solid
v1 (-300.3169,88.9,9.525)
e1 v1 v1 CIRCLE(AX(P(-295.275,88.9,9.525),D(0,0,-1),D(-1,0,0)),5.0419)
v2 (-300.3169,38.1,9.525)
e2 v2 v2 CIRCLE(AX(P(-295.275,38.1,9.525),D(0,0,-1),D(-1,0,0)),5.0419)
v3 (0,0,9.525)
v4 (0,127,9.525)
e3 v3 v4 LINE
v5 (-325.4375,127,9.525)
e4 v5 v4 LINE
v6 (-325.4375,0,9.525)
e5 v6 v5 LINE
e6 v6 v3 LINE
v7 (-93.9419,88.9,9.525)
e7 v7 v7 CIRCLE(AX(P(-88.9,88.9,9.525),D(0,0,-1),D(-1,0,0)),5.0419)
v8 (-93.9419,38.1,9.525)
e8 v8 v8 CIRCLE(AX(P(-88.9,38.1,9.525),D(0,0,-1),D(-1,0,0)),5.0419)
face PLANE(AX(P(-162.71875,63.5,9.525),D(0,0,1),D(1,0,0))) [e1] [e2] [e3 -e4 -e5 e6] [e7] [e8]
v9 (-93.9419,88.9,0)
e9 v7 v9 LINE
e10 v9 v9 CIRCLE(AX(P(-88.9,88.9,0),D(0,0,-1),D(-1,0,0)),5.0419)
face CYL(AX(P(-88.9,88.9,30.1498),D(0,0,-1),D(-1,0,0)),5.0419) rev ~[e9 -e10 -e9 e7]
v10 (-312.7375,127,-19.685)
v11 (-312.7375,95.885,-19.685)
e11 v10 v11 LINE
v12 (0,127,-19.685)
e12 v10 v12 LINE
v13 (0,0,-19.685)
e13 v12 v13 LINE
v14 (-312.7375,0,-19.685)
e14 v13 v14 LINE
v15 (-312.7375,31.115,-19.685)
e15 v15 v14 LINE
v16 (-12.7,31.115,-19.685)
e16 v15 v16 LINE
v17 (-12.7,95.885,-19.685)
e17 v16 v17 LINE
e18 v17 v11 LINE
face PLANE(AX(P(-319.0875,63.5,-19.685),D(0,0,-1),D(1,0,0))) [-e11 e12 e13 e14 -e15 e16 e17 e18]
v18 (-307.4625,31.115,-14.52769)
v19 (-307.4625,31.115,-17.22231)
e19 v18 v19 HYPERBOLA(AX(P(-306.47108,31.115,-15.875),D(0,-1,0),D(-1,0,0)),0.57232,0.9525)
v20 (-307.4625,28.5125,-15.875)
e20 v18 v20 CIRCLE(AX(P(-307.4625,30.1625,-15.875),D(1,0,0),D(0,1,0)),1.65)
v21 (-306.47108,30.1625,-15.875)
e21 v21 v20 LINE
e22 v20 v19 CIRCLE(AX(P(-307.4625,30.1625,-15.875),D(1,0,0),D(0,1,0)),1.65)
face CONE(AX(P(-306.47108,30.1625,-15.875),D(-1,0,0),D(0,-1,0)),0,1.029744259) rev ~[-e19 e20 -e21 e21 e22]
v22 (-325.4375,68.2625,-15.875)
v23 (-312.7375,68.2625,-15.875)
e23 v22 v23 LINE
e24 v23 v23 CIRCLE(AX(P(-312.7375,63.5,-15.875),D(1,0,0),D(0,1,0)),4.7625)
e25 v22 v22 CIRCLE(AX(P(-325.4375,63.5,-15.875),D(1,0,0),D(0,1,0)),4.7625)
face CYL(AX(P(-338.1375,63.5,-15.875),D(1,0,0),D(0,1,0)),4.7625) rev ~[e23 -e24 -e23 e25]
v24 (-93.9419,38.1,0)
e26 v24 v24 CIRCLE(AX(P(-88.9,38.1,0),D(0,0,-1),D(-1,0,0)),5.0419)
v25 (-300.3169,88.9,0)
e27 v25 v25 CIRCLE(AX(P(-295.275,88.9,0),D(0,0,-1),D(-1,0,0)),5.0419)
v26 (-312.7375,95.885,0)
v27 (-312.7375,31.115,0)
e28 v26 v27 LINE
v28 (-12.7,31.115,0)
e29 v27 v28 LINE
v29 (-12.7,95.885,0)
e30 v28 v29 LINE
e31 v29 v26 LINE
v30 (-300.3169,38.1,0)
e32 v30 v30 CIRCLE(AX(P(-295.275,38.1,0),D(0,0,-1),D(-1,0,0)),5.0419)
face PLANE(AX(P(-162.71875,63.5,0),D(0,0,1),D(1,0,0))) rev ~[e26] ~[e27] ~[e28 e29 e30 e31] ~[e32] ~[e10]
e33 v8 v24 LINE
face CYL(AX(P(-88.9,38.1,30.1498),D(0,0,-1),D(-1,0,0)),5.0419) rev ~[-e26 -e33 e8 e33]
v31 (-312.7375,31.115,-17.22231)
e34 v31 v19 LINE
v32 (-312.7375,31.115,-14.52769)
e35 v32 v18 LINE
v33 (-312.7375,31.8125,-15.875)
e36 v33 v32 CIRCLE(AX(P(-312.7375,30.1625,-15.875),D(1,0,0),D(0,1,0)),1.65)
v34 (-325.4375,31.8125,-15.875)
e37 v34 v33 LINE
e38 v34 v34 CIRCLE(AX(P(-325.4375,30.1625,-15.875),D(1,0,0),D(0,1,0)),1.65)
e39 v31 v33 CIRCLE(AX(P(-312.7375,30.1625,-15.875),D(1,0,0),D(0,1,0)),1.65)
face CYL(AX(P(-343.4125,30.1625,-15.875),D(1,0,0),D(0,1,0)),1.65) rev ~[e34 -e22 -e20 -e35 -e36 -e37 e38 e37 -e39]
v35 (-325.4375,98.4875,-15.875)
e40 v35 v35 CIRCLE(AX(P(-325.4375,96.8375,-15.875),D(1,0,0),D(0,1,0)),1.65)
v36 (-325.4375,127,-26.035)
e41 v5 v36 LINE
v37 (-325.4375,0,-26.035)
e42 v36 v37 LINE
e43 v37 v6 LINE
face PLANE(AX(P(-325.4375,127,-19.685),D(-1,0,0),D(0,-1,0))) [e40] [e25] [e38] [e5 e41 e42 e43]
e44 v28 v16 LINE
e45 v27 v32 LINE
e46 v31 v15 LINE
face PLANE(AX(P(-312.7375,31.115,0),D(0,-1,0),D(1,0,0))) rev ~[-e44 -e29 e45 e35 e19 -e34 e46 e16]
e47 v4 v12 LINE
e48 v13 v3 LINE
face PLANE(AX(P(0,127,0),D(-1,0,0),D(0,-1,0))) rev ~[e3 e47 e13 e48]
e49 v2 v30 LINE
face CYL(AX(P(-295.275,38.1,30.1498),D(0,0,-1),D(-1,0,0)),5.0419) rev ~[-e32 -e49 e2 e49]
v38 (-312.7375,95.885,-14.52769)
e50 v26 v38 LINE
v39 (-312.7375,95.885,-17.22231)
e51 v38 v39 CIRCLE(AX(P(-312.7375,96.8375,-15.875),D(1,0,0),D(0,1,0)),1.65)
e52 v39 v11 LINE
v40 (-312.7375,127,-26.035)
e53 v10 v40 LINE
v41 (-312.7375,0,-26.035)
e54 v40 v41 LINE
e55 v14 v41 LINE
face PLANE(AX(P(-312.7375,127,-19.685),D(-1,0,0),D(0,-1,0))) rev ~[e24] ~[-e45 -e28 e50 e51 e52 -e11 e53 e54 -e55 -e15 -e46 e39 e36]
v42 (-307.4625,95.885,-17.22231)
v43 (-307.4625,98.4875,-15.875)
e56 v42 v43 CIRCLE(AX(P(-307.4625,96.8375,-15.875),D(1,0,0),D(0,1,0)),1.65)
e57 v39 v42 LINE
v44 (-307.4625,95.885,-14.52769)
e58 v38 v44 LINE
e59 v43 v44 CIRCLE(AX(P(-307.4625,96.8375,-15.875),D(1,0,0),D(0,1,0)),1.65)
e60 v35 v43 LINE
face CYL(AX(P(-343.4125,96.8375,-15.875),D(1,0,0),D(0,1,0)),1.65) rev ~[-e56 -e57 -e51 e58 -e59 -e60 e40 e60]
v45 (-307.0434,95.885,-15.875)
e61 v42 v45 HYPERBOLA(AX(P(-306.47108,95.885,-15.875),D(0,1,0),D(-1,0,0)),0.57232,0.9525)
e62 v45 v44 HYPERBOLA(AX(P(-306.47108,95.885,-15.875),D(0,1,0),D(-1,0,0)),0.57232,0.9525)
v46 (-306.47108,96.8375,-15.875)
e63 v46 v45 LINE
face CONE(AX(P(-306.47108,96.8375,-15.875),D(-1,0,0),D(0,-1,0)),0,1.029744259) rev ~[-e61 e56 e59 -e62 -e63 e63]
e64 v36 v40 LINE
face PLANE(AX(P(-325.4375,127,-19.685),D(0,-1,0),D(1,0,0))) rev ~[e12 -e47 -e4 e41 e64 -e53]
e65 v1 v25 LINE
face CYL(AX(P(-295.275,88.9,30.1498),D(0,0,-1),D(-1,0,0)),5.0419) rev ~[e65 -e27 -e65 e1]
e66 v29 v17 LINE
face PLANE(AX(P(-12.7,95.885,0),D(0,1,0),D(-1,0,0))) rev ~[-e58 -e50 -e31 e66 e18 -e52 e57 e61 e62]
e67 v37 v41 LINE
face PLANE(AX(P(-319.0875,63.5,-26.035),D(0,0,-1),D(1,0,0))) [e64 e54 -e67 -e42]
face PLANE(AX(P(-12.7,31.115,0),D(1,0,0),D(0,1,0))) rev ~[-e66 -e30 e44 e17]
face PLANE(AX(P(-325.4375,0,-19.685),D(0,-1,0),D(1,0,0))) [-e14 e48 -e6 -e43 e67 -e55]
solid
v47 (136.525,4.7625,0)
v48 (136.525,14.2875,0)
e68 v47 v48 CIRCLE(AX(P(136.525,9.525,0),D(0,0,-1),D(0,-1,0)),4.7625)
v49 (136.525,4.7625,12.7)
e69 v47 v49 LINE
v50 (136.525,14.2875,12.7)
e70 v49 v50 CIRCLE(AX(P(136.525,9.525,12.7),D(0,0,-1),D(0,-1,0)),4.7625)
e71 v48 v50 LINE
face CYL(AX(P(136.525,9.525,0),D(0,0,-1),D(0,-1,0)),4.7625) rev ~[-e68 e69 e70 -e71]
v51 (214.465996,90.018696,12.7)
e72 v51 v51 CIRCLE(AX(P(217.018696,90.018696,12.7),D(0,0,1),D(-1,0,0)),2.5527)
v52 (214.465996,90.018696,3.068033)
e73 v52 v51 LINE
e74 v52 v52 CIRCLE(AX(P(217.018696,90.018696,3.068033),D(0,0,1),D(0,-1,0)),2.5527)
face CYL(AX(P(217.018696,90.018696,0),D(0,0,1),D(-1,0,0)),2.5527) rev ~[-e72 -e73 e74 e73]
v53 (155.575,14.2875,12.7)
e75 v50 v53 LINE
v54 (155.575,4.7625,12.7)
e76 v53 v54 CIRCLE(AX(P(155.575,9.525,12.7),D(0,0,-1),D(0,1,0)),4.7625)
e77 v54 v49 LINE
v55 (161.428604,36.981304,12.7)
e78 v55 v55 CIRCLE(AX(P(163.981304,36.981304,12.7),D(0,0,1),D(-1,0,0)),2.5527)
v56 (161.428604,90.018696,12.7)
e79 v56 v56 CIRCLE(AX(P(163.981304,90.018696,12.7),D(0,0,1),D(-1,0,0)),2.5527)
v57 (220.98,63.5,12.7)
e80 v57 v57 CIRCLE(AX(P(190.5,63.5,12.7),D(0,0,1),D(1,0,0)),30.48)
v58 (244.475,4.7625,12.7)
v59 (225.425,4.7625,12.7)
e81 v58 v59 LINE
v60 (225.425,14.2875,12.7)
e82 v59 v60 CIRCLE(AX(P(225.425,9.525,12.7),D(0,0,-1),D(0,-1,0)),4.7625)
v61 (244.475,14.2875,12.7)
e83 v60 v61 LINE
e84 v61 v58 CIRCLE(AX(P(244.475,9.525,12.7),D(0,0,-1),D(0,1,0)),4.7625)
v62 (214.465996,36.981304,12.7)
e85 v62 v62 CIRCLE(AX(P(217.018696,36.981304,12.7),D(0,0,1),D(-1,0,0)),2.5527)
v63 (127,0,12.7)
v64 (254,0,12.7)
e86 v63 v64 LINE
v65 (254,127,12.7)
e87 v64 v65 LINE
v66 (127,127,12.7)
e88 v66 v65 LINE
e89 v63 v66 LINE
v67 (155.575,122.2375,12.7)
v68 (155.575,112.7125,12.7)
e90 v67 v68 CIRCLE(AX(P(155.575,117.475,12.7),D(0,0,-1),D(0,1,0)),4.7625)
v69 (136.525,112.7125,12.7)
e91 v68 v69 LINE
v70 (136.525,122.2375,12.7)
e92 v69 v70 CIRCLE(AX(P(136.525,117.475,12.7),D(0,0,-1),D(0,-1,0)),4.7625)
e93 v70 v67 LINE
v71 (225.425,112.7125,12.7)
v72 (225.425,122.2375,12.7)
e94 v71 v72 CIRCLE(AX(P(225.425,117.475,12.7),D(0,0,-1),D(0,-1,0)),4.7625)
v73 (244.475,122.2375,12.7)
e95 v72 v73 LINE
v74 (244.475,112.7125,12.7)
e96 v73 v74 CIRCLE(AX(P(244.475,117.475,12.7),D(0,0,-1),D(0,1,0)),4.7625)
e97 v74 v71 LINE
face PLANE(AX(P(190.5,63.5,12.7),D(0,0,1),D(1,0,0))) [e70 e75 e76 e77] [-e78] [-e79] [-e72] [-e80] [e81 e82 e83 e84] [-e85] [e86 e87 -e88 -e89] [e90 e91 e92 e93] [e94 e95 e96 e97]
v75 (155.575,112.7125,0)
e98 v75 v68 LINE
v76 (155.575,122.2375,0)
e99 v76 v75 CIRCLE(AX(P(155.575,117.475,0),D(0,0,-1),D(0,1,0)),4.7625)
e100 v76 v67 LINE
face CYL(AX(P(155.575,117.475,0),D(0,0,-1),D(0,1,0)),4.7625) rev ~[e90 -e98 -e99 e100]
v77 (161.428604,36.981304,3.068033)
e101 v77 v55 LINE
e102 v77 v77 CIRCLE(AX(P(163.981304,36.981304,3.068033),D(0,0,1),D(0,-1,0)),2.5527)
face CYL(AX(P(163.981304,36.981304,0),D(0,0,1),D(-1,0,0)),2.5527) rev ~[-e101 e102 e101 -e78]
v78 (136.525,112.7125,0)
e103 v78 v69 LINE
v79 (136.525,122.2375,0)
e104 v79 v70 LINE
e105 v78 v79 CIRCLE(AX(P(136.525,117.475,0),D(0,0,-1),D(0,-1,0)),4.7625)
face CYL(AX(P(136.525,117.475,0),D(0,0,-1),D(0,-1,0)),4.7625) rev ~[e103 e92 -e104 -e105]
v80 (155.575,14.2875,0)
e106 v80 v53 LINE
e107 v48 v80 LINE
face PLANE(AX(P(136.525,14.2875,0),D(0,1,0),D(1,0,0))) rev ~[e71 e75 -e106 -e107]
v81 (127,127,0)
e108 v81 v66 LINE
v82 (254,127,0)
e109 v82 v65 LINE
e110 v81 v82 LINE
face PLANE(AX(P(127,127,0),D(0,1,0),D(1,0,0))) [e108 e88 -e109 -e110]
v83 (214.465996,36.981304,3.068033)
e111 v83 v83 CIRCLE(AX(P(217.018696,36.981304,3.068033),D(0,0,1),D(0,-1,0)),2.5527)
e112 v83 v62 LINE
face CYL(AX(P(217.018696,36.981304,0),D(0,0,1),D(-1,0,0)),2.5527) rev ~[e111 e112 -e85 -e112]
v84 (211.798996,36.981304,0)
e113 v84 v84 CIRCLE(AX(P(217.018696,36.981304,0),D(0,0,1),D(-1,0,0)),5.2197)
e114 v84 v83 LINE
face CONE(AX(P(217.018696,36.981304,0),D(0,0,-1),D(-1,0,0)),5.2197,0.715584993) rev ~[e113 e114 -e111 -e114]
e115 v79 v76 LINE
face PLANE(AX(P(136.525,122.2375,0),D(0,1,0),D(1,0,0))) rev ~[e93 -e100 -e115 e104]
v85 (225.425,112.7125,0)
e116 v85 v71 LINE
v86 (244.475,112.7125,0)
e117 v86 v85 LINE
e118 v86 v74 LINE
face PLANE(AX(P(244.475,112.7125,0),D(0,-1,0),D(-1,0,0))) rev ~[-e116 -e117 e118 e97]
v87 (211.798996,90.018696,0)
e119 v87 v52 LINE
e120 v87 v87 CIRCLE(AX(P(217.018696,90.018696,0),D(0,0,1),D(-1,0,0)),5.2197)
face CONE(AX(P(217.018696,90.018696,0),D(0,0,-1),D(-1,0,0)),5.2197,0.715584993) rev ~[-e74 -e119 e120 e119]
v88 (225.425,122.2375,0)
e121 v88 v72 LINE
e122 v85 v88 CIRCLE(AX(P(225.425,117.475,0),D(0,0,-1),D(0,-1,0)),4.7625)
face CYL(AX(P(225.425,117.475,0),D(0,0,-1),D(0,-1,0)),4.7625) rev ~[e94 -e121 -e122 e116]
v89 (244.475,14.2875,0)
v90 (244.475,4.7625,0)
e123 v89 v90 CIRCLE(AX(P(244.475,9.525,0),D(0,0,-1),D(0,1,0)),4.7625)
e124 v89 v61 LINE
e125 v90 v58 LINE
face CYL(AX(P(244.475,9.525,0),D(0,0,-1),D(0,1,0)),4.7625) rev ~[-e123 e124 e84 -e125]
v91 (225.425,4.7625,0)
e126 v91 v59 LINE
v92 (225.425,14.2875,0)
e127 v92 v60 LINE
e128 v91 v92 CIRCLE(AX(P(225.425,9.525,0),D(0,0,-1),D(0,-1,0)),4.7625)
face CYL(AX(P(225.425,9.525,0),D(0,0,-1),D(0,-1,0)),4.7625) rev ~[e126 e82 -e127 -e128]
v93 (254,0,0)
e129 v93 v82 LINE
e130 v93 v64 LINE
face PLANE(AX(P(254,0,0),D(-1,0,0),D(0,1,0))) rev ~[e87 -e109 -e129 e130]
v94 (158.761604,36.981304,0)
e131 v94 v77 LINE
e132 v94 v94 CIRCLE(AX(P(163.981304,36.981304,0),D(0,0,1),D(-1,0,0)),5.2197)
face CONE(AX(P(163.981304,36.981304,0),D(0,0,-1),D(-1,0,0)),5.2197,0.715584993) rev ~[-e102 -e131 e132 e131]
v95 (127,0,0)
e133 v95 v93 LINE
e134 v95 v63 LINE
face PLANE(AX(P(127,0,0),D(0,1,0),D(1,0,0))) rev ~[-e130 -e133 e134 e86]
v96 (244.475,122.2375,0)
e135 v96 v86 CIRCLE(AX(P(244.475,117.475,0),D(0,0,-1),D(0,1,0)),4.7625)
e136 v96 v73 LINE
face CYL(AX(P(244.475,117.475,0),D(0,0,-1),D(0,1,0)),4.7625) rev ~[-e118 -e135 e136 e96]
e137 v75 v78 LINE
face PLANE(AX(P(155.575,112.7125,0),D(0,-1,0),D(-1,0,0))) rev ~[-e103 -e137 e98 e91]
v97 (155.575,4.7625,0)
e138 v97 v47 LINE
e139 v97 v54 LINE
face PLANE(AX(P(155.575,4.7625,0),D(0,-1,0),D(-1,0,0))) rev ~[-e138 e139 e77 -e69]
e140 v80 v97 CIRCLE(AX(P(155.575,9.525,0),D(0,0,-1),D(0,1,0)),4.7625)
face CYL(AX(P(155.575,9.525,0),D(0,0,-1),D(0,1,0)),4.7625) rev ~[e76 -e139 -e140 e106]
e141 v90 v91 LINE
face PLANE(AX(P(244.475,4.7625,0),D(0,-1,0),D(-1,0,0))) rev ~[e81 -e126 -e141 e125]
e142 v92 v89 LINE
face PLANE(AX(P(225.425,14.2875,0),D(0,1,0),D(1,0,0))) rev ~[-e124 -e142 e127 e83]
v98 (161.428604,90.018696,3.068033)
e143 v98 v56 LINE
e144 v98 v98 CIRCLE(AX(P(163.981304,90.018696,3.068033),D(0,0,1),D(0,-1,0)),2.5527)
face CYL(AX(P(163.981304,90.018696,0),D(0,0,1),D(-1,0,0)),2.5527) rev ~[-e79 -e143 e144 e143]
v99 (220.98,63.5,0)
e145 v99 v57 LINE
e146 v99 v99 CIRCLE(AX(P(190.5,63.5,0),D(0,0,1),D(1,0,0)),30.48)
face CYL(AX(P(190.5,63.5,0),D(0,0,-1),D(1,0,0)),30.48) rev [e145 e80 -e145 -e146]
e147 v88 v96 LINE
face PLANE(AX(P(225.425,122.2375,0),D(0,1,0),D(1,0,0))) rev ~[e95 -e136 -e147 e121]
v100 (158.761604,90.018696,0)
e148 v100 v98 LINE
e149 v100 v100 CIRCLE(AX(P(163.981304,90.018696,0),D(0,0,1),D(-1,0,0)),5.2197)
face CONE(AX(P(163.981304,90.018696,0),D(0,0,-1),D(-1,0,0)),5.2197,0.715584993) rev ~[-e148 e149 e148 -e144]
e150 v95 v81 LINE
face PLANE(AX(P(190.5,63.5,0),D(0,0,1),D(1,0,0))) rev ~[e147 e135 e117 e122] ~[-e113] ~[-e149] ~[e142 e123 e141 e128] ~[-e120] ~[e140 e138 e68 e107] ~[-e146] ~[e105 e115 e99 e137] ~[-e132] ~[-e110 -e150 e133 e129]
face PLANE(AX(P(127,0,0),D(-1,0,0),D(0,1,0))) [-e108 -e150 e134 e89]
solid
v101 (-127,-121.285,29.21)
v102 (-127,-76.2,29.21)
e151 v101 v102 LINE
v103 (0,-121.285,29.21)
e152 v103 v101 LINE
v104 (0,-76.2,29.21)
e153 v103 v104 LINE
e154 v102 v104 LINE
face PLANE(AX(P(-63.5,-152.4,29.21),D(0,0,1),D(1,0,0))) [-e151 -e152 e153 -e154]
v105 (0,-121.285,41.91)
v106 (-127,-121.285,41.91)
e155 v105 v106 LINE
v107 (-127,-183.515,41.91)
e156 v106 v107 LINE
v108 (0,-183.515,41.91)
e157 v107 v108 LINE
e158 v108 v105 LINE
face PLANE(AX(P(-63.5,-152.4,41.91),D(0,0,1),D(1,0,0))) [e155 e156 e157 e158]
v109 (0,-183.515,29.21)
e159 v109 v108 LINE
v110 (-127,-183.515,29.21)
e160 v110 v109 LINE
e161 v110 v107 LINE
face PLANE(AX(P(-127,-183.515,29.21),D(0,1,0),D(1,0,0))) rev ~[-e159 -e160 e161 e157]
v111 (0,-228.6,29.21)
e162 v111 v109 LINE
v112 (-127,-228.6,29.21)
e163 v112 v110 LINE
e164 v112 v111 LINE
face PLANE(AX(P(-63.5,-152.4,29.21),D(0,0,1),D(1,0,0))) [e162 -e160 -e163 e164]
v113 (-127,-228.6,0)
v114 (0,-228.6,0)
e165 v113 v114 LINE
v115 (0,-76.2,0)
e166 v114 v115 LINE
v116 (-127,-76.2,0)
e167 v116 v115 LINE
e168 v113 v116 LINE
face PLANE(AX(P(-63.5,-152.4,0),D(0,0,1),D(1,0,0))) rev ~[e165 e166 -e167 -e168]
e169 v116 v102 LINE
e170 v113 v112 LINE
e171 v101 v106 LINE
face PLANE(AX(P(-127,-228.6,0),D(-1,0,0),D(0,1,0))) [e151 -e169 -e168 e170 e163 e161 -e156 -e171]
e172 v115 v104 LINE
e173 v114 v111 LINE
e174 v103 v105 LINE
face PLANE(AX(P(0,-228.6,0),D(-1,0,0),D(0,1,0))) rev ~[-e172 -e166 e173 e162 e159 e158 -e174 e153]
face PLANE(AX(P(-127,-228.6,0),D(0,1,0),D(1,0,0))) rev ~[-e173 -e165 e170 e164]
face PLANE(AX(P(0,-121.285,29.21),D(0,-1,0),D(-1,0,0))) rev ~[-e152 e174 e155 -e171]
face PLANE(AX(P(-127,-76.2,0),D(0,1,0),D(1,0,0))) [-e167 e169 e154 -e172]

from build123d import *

# Parameters (mm, degrees)
F0_W            = 325.4375
F0_H            = 127
F1_DEPTH        = 9.525
F2_W            = 300.0375
F2_H            = 31.115
F3_DEPTH        = 19.685
F5_W            = 127
F5_H            = 152.4
F6_DEPTH        = 29.21
F7_W            = 12.7
F7_H            = 127
F8_DEPTH        = 6.35
F9_D            = 9.525
F9_DEPTH        = 12.7
F9_TIP          = 2.8615986981
F11_DEPTH       = 12.7
F12_W           = 127
F12_H           = 127
F12_R           = 30.48
F13_DEPTH       = 12.7
F14_D           = 5.1054
F14_DEPTH       = 15.875
F14_CSINK_D     = 10.4394
F14_CSINK_ANGLE = 82
F14_TIP         = 1.5338169022
F16_D           = 3.3
F16_DEPTH       = 17.975
F16_TIP         = 0.9914200214
F18_D           = 10.0838
F18_DEPTH       = 20.6248
F18_TIP         = 3.0294791551


with BuildPart() as f1:
    # F0 (on Top) → F1 (new body)
    with BuildSketch(Plane.XY):
        with Locations((-162.71875, 63.5)):
            Rectangle(F0_W, F0_H)
    extrude(amount=F1_DEPTH)

    # F2 (on face) → F3 (join)
    with BuildSketch(Plane(origin=(0, 0, 0), x_dir=(1, 0, 0), z_dir=(0, 0, -1))):
        Polygon((-312.7375, 0), (-325.4375, 0), (-325.4375, -127), (-312.7375, -127), (-312.7375, -95.885), (-312.7375, -31.115), align=None)
        with Locations((-162.71875, -15.5575)):
            Rectangle(F2_W, F2_H)
        Polygon((0, 0), (-12.7, 0), (-12.7, -31.115), (-12.7, -95.885), (-312.7375, -95.885), (-312.7375, -127), (-12.7, -127), (0, -127), align=None)
    extrude(amount=F3_DEPTH)

    # F7 (on face) → F8 (join)
    with BuildSketch(Plane(origin=(0, 0, -19.685), x_dir=(1, 0, 0), z_dir=(0, 0, -1))):
        with Locations((-319.0875, -63.5)):
            Rectangle(F7_W, F7_H)
    extrude(amount=F8_DEPTH)

    # F9
    with Locations(Plane(origin=(-325.4375, 0, 0), x_dir=(0, -1, 0), z_dir=(-1, 0, 0))):
        with Locations((-63.5, -15.875)):
            Hole(F9_D / 2, depth=F9_DEPTH)
            with Locations((0, 0, -(F9_DEPTH + F9_TIP / 2))):  # 118° drill point
                Cone(0, F9_D / 2, F9_TIP, mode=Mode.SUBTRACT)

    # F16
    with Locations(Plane(origin=(-325.4375, 0, 0), x_dir=(0, -1, 0), z_dir=(-1, 0, 0))):
        with Locations((-30.1625, -15.875), (-96.8375, -15.875)):
            Hole(F16_D / 2, depth=F16_DEPTH)
            with Locations((0, 0, -(F16_DEPTH + F16_TIP / 2))):  # 118° drill point
                Cone(0, F16_D / 2, F16_TIP, mode=Mode.SUBTRACT)

    # F18
    with Locations(Plane.XY.offset(9.525)):
        with Locations((-295.275, 38.1), (-295.275, 88.9), (-88.9, 38.1), (-88.9, 88.9)):
            Hole(F18_D / 2, depth=F18_DEPTH)
            with Locations((0, 0, -(F18_DEPTH + F18_TIP / 2))):  # 118° drill point
                Cone(0, F18_D / 2, F18_TIP, mode=Mode.SUBTRACT)


with BuildPart() as f6:
    # F5 (on Top) → F6 (new body)
    with BuildSketch(Plane.XY):
        with Locations((-63.5, -152.4)):
            Rectangle(F5_W, F5_H)
    extrude(amount=F6_DEPTH)

    # F10 (on face) → F11 (join)
    with BuildSketch(Plane.XY.offset(29.21)):
        Polygon((-127, -152.4), (-127, -183.515), (0, -183.515), (0, -152.4), (0, -121.285), (-127, -121.285), align=None)
    extrude(amount=F11_DEPTH)


with BuildPart() as f13:
    # F12 (on Top) → F13 (new body)
    with BuildSketch(Plane.XY):
        with Locations((190.5, 63.5)):
            Rectangle(F12_W, F12_H)
        with BuildLine():
            Line((136.525, 14.2875), (155.575, 14.2875))
            ThreePointArc((155.575, 14.2875), (160.3375, 9.525), (155.575, 4.7625))
            Line((155.575, 4.7625), (136.525, 4.7625))
            ThreePointArc((136.525, 4.7625), (131.7625, 9.525), (136.525, 14.2875))
        make_face(mode=Mode.SUBTRACT)
        with BuildLine():
            ThreePointArc((244.475, 14.2875), (249.2375, 9.525), (244.475, 4.7625))
            Line((244.475, 4.7625), (225.425, 4.7625))
            ThreePointArc((225.425, 4.7625), (220.6625, 9.525), (225.425, 14.2875))
            Line((225.425, 14.2875), (244.475, 14.2875))
        make_face(mode=Mode.SUBTRACT)
        with BuildLine():
            ThreePointArc((136.525, 112.7125), (131.7625, 117.475), (136.525, 122.2375))
            Line((136.525, 122.2375), (155.575, 122.2375))
            ThreePointArc((155.575, 122.2375), (160.3375, 117.475), (155.575, 112.7125))
            Line((155.575, 112.7125), (136.525, 112.7125))
        make_face(mode=Mode.SUBTRACT)
        with Locations((190.5, 63.5)):
            Circle(F12_R, mode=Mode.SUBTRACT)
        with BuildLine():
            Line((244.475, 112.7125), (225.425, 112.7125))
            ThreePointArc((225.425, 112.7125), (220.6625, 117.475), (225.425, 122.2375))
            Line((225.425, 122.2375), (244.475, 122.2375))
            ThreePointArc((244.475, 122.2375), (249.2375, 117.475), (244.475, 112.7125))
        make_face(mode=Mode.SUBTRACT)
    extrude(amount=F13_DEPTH)

    # F14
    with Locations(Plane(origin=(0, 0, 0), x_dir=(1, 0, 0), z_dir=(0, 0, -1))):
        with Locations((217.0186963255, -36.9813036745), (217.0186963255, -90.0186963255), (163.9813036745, -90.0186963255), (163.9813036745, -36.9813036745)):
            CounterSinkHole(F14_D / 2, F14_CSINK_D / 2, depth=F14_DEPTH, counter_sink_angle=F14_CSINK_ANGLE)
            with Locations((0, 0, -(F14_DEPTH + F14_TIP / 2))):  # 118° drill point
                Cone(0, F14_D / 2, F14_TIP, mode=Mode.SUBTRACT)


solid = Compound([f1.part, f6.part, f13.part])
